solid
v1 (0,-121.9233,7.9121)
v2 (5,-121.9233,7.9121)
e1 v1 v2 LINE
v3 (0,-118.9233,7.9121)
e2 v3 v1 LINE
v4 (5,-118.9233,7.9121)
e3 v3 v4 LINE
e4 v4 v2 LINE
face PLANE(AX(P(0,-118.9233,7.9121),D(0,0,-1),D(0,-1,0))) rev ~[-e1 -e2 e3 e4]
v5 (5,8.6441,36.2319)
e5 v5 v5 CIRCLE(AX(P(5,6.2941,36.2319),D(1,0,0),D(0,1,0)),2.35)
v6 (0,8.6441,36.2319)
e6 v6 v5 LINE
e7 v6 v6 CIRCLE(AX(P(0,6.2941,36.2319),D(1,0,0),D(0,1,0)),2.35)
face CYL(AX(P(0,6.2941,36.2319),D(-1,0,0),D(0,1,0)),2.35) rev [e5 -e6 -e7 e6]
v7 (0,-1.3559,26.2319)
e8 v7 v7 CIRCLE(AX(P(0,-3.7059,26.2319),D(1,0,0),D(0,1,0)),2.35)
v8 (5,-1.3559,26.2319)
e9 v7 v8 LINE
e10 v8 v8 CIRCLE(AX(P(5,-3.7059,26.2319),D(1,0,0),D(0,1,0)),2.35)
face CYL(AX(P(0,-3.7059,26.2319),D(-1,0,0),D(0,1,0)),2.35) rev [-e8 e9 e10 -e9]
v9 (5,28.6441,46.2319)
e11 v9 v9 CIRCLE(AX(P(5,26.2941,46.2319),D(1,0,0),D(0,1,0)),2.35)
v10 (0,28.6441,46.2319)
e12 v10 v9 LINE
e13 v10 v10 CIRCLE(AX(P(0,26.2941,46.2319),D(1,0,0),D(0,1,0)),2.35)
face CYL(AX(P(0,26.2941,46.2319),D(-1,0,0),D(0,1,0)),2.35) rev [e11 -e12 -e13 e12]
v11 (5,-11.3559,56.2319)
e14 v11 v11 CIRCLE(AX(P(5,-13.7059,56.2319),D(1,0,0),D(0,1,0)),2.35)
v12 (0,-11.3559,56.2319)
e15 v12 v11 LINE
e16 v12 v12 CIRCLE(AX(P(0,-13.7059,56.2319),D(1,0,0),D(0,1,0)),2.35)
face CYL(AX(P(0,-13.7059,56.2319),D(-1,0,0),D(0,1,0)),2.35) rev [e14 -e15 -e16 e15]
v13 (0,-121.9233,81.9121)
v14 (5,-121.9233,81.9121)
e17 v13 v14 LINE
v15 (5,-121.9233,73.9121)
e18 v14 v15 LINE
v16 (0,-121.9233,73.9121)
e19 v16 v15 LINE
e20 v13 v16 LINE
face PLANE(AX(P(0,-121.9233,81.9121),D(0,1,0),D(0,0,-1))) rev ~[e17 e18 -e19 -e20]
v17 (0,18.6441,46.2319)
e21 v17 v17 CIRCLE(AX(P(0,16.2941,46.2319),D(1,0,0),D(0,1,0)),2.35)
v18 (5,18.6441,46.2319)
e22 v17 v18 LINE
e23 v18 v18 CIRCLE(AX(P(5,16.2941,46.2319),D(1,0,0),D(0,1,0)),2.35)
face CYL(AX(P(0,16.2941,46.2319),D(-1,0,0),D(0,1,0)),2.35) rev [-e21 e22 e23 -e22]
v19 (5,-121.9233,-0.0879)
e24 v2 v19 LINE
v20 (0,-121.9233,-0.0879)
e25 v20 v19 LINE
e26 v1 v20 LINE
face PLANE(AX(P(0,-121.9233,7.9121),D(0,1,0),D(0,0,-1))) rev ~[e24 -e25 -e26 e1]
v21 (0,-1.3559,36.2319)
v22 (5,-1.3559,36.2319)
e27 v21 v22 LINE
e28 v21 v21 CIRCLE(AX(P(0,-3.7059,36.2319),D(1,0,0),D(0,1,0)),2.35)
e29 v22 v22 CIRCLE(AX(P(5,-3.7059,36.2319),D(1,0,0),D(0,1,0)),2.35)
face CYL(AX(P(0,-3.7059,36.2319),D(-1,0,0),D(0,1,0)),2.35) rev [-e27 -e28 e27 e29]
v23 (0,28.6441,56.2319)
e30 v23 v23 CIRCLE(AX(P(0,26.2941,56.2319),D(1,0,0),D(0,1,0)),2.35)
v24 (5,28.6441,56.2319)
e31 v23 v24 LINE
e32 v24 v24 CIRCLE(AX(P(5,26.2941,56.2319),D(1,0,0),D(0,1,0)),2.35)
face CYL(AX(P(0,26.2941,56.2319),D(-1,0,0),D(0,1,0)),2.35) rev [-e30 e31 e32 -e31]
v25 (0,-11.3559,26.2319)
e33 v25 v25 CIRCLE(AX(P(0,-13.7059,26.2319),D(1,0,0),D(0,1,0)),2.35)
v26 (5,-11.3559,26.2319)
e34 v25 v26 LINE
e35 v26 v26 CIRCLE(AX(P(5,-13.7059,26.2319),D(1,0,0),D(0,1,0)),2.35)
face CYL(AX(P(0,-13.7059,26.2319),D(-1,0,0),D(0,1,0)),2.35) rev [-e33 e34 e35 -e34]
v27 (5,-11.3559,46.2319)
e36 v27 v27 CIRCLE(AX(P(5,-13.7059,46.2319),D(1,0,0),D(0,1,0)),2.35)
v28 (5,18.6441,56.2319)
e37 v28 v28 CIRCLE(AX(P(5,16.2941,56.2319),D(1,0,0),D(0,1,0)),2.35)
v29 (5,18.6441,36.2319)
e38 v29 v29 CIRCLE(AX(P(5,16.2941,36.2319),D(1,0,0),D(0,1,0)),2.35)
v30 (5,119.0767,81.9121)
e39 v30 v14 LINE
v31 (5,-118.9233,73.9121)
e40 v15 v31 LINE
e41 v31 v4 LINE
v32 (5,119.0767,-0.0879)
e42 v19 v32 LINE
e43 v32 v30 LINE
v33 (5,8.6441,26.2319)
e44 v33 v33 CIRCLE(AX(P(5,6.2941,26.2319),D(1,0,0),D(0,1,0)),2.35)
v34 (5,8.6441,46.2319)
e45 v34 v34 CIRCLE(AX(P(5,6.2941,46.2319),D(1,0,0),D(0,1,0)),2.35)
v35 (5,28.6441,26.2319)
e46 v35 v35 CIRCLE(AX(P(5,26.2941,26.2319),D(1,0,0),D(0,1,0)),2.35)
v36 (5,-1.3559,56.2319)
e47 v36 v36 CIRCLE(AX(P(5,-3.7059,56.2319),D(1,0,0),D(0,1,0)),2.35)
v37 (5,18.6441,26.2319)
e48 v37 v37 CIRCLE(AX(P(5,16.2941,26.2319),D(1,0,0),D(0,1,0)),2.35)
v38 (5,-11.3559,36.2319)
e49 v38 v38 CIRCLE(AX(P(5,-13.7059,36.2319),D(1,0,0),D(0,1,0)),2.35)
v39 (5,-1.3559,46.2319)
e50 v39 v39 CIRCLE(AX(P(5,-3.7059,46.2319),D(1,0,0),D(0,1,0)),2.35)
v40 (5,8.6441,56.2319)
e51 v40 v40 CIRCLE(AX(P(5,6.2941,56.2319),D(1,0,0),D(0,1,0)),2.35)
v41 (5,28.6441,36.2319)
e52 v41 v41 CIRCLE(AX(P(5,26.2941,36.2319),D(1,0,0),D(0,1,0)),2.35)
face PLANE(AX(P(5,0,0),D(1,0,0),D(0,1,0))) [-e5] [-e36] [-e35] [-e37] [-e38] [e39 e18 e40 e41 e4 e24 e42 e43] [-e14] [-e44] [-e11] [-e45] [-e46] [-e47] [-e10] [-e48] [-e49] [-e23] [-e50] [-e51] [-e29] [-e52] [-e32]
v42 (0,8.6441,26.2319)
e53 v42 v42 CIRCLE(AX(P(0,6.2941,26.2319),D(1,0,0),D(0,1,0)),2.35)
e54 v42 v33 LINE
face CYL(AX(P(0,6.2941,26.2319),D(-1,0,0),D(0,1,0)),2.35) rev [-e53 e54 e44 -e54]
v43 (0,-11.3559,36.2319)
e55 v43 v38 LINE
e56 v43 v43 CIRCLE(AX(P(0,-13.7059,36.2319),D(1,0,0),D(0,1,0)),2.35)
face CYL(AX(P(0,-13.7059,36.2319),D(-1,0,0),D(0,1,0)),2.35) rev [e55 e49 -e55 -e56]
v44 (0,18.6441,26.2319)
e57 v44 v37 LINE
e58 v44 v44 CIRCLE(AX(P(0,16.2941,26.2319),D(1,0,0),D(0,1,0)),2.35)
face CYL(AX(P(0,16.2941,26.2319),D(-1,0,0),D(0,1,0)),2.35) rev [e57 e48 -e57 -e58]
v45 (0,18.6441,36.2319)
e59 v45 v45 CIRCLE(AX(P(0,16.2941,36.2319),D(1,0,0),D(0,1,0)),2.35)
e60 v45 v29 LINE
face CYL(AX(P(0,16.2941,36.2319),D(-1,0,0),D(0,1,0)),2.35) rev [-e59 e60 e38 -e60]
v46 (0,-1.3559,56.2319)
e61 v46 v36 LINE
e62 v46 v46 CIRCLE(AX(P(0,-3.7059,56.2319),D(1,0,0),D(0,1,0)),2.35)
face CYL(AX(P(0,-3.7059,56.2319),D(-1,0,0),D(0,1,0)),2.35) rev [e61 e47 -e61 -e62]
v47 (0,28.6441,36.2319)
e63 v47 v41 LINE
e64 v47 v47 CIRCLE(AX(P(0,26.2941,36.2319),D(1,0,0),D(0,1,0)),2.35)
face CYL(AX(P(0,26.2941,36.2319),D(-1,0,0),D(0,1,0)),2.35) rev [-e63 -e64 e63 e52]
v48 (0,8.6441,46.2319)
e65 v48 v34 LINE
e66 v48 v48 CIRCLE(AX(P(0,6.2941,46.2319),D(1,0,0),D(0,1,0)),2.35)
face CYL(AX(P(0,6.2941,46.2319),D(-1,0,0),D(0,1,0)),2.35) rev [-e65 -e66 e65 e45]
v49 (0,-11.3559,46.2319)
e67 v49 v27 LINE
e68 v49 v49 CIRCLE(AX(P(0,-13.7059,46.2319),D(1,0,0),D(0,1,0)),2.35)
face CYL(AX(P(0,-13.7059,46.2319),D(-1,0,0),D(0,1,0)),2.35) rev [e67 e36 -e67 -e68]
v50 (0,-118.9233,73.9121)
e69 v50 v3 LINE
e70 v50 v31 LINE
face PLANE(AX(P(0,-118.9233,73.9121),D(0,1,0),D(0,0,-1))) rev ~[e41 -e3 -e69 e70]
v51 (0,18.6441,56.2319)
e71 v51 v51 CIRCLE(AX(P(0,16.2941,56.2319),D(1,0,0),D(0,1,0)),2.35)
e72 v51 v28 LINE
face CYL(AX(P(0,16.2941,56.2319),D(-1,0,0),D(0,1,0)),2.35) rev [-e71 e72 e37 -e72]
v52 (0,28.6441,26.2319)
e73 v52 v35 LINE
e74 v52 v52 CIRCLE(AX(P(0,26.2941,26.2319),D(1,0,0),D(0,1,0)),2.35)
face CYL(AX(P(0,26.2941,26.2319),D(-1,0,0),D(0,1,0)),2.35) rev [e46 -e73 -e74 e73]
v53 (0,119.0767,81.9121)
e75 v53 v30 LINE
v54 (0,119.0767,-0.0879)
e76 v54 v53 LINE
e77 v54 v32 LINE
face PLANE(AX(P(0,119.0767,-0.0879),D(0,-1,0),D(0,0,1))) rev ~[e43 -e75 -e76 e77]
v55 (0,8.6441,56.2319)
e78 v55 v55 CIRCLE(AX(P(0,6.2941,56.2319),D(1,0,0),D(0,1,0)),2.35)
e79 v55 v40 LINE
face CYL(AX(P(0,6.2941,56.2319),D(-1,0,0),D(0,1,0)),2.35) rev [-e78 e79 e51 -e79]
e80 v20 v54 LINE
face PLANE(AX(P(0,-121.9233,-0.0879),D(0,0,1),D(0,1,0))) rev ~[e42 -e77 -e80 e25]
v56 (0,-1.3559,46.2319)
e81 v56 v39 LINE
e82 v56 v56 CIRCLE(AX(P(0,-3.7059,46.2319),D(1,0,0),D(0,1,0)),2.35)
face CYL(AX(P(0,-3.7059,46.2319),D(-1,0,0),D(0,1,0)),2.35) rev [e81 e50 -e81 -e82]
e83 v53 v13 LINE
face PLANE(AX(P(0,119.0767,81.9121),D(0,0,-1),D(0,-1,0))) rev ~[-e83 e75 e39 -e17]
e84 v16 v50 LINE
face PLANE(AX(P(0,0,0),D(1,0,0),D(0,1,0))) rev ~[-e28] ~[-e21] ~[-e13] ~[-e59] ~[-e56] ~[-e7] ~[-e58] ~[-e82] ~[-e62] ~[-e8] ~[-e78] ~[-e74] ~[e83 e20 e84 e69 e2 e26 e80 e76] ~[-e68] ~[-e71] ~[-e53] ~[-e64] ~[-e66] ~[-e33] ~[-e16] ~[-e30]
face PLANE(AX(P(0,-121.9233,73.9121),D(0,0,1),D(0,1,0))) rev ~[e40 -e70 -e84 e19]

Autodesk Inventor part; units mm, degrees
ref_plane "YZ Plane" through (0, 0, 0) normal (1, 0, 0) x (0, 1, 0)
ref_plane "XZ Plane" through (0, 0, 0) normal (0, 1, 0) x (-1, 0, 0)
ref_plane "XY Plane" through (0, 0, 0) normal (0, 0, 1) x (1, 0, 0)
sketch "Sketch1" plane through (0, 0, 0) normal (1, 0, 0) x (0, 1, 0)
  line L0 (119.0767, 81.9121) -> (-121.9233, 81.9121)
  line L1 (-121.9233, 81.9121) -> (-121.9233, -0.0879)
  line L2 (-121.9233, -0.0879) -> (119.0767, -0.0879)
  line L3 (119.0767, -0.0879) -> (119.0767, 81.9121)
  circle A0 centre (-54.9233, 40.9121) radius 19
  line L4 (-121.9233, 73.9121) -> (-118.9233, 73.9121)
  line L5 (-118.9233, 73.9121) -> (-118.9233, 7.9121)
  line L6 (-118.9233, 7.9121) -> (-121.9233, 7.9121)
  line L7 (-121.9233, 7.9121) -> (-121.9233, 73.9121)
  circle A1 centre (26.2941, 56.2319) radius 2.35
  circle A2 centre (16.2941, 56.2319) radius 2.35
  circle A3 centre (6.2941, 56.2319) radius 2.35
  circle A4 centre (-3.7059, 56.2319) radius 2.35
  circle A5 centre (-13.7059, 56.2319) radius 2.35
  circle A6 centre (26.2941, 46.2319) radius 2.35
  circle A7 centre (16.2941, 46.2319) radius 2.35
  circle A8 centre (6.2941, 46.2319) radius 2.35
  circle A9 centre (-3.7059, 46.2319) radius 2.35
  circle A10 centre (-13.7059, 46.2319) radius 2.35
  circle A11 centre (26.2941, 36.2319) radius 2.35
  circle A12 centre (16.2941, 36.2319) radius 2.35
  circle A13 centre (6.2941, 36.2319) radius 2.35
  circle A14 centre (-3.7059, 36.2319) radius 2.35
  circle A15 centre (-13.7059, 36.2319) radius 2.35
  circle A16 centre (26.2941, 26.2319) radius 2.35
  circle A17 centre (16.2941, 26.2319) radius 2.35
  circle A18 centre (6.2941, 26.2319) radius 2.35
  circle A19 centre (-3.7059, 26.2319) radius 2.35
  circle A20 centre (-13.7059, 26.2319) radius 2.35
  point P0 (0, 0)
  point P1 (0, 0)
  dimension "d0" = 241
  dimension "d1" = 82
  dimension "d2" = 38
  dimension "d3" = 41
  dimension "d4" = 174
  dimension "d5" = 66
  dimension "d6" = 3
  dimension "d7" = 8
  dimension "d21" = 4.7
  dimension "d24" = 10
  dimension "d27" = 10
extrude "Extrusion1" add sketch "Sketch1" along normal blind 5 contours L3 L2 L1 L6 L5 L4 L0 | A0
equation "\"d3\" = 0.5 * d1"
equation "\"d7\" = -0.5 * d5 + 0.5 * d1"
properties part number "inner_2Poke"
